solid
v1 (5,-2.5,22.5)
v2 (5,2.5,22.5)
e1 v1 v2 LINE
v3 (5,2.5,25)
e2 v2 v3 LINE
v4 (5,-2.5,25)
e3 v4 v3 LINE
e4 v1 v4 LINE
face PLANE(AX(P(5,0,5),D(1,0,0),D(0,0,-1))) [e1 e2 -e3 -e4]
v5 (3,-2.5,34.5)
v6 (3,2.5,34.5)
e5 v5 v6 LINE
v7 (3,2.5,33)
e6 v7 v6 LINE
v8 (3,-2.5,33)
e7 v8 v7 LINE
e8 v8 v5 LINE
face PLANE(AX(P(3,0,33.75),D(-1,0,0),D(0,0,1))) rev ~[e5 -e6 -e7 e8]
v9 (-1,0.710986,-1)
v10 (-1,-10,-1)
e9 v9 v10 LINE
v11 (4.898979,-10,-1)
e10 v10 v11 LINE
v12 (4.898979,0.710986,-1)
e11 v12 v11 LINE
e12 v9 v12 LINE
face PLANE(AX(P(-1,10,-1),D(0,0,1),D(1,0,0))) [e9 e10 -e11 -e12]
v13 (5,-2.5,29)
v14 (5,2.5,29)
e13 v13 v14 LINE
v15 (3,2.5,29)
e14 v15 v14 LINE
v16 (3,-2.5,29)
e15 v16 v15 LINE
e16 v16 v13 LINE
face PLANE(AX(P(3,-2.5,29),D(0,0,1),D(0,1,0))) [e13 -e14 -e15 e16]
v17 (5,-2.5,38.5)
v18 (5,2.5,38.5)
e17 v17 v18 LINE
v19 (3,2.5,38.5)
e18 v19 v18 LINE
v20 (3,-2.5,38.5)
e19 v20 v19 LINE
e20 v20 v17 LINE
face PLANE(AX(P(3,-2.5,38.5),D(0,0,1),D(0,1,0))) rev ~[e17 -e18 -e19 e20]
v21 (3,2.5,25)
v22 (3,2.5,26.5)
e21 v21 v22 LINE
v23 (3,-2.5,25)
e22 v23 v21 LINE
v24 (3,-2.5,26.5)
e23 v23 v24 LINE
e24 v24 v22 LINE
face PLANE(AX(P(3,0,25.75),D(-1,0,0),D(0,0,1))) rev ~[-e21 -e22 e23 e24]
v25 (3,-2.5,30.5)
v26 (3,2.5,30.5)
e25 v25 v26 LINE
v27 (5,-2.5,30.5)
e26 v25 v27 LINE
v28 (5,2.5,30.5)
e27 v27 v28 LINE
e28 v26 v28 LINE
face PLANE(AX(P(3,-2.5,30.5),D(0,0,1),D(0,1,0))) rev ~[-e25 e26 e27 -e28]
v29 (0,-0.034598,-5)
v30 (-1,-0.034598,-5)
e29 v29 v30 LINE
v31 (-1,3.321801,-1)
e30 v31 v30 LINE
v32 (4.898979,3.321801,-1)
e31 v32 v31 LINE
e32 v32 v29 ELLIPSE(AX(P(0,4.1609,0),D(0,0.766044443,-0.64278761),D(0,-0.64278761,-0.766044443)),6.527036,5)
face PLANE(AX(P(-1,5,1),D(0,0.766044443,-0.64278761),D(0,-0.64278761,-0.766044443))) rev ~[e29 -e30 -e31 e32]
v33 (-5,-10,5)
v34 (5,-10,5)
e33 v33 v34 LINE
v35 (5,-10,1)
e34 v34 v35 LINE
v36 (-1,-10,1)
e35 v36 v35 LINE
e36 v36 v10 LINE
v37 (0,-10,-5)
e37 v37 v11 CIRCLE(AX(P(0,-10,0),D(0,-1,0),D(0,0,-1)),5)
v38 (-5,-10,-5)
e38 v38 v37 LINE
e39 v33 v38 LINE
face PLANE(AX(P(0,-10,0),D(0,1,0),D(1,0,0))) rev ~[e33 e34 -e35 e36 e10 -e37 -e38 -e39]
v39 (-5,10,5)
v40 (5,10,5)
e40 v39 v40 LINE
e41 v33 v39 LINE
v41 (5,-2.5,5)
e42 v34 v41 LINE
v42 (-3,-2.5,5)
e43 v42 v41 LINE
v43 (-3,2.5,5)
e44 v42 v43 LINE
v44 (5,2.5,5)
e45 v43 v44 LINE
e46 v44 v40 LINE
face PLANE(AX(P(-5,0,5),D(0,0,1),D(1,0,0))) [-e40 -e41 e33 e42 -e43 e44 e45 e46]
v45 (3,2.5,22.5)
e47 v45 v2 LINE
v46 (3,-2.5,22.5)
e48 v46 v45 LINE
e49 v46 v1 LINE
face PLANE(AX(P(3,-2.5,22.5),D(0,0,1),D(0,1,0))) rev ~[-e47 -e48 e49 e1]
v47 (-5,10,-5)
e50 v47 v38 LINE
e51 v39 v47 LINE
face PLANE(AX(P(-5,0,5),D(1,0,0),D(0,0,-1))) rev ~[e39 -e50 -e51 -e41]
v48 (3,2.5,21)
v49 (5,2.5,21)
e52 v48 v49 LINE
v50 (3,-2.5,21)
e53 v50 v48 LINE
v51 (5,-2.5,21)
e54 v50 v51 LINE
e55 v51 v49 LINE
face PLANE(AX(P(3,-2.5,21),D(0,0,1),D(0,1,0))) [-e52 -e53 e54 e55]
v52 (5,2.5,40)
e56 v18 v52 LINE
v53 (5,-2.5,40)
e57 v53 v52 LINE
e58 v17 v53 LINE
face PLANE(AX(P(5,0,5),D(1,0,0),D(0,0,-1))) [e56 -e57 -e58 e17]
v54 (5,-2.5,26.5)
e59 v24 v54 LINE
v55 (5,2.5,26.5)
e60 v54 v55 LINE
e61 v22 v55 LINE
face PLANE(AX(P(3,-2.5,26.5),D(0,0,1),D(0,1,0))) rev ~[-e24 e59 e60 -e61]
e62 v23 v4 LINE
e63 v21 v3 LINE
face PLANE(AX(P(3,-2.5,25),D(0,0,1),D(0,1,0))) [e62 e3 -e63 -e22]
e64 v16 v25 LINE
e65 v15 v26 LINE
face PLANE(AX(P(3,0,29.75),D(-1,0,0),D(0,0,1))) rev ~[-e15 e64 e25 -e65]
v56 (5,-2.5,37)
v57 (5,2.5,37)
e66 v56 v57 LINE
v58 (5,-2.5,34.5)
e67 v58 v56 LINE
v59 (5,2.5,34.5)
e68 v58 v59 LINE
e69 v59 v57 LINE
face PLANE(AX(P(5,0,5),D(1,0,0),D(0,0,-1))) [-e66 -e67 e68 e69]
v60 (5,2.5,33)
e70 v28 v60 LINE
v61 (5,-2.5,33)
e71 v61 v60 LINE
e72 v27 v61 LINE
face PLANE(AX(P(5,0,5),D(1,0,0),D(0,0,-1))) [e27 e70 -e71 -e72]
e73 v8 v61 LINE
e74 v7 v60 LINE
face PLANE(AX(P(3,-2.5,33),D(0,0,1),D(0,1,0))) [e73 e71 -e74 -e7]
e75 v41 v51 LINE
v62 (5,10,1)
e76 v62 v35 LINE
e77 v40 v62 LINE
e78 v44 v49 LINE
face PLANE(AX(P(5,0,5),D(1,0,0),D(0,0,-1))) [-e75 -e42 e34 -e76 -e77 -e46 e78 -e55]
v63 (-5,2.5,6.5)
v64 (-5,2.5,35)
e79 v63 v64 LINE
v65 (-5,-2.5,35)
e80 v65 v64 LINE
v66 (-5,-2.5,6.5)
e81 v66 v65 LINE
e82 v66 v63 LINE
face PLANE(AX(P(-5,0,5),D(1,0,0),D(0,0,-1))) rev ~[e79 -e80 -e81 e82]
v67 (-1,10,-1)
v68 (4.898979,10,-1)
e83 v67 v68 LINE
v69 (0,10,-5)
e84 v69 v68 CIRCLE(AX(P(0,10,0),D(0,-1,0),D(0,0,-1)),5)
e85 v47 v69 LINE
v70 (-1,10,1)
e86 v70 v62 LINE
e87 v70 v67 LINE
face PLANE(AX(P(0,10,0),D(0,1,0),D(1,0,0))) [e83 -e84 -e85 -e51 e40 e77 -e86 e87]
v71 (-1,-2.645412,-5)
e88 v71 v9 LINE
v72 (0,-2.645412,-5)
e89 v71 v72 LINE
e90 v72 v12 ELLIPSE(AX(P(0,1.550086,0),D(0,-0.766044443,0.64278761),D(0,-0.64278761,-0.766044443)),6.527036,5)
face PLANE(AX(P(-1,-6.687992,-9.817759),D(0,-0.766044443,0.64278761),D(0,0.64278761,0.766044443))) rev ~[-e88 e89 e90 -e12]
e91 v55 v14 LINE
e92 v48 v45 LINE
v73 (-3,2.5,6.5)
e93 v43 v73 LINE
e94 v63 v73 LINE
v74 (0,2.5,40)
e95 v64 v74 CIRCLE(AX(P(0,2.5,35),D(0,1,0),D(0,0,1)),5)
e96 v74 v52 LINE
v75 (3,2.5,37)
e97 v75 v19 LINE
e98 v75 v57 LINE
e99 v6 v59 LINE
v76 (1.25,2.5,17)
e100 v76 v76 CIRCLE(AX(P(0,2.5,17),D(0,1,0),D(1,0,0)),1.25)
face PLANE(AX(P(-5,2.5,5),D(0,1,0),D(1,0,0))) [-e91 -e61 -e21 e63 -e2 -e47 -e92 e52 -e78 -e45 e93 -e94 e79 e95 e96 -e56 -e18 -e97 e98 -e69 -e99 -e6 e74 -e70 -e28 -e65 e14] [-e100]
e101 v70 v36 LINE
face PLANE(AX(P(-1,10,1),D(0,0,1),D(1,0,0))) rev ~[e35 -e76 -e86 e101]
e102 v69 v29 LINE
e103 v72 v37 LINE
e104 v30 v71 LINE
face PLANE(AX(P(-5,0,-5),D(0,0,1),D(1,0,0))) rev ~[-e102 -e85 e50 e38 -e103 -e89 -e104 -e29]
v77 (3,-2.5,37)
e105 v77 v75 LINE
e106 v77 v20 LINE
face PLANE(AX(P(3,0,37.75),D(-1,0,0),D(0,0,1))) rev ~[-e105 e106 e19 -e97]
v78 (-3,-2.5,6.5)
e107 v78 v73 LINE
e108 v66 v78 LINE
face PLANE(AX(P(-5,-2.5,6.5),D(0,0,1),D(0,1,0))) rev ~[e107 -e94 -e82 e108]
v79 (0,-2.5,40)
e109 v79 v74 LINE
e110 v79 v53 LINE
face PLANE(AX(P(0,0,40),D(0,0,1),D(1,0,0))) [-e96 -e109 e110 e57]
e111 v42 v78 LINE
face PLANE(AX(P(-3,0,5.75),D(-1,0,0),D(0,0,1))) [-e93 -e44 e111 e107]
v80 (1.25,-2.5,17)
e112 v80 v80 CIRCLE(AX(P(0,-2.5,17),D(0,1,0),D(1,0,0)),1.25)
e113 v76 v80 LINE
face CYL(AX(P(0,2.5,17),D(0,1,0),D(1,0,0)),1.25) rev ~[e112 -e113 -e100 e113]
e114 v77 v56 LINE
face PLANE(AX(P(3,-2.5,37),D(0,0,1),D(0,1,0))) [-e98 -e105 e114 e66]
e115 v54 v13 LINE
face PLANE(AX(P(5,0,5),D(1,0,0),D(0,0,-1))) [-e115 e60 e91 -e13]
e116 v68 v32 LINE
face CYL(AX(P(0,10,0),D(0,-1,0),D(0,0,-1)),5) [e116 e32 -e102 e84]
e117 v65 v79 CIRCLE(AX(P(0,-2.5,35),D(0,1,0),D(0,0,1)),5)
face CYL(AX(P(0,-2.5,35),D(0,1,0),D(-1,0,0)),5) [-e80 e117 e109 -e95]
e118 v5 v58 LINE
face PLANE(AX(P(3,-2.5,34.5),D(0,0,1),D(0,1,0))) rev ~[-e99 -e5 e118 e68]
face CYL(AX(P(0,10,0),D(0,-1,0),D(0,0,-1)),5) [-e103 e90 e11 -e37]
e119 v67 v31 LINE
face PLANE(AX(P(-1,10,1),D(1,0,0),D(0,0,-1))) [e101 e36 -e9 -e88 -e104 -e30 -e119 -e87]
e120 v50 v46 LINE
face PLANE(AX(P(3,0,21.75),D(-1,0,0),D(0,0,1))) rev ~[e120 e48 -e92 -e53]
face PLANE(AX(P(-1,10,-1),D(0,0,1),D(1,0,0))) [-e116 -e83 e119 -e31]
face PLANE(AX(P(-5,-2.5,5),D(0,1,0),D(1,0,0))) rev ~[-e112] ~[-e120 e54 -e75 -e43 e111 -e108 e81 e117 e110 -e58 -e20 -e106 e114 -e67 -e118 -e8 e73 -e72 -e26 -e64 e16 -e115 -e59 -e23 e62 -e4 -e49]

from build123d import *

# Parameters (mm, degrees)
SKETCH1_W            = 10
SKETCH1_H            = 10
BOSS_EXTRUDE1_DEPTH  = 10
SKETCH2_W            = 10
SKETCH2_H            = 5
BOSS_EXTRUDE2_DEPTH  = 35
SKETCH3_R            = 1.25
CUT_EXTRUDE1_DEPTH   = 5
FILLET1_R            = 5
SKETCH4_W            = 6
SKETCH4_H            = 2
CUT_EXTRUDE2_DEPTH   = 20
SKETCH6_W            = 1.5
SKETCH6_H            = 5
CUT_EXTRUDE3_DEPTH   = 2
CUT_EXTRUDE4_DEPTH   = 10
LPATTERN1_COUNT      = 9
LPATTERN1_PITCH      = 4
LPATTERN1_COUNT_DIR2 = 2
LPATTERN1_PITCH_DIR2 = 8


with BuildPart() as part:
    # Sketch1 → Boss-Extrude1 (new body, symmetric)
    with BuildSketch(Plane(origin=(0, 0, 0), x_dir=(1, 0, 0), z_dir=(0, 1, 0))):
        Rectangle(SKETCH1_W, SKETCH1_H)
    extrude(amount=BOSS_EXTRUDE1_DEPTH, both=True)

    # Sketch2 → Boss-Extrude2 (add)
    with BuildSketch(Plane.XY.offset(5)):
        Rectangle(SKETCH2_W, SKETCH2_H)
    extrude(amount=BOSS_EXTRUDE2_DEPTH)

    # Sketch3 → Cut-Extrude1 (cut)
    with BuildSketch(Plane(origin=(0, 2.5, 0), x_dir=(1, 0, 0), z_dir=(0, 1, 0))):
        with Locations((0, -17)):
            Circle(SKETCH3_R)
    extrude(amount=-CUT_EXTRUDE1_DEPTH, mode=Mode.SUBTRACT)

    # Fillet1
    fillet1_edges = [part.edges().sort_by_distance(p)[0] for p in [
        (-5, 0, 40),
        (5, 0, -5),
    ]]
    fillet(fillet1_edges, radius=FILLET1_R)

    # Sketch4 → Cut-Extrude2 (cut)
    with BuildSketch(Plane(origin=(0, 10, 0), x_dir=(1, 0, 0), z_dir=(0, 1, 0))):
        with Locations((2, 0)):
            Rectangle(SKETCH4_W, SKETCH4_H)
    extrude(amount=-CUT_EXTRUDE2_DEPTH, mode=Mode.SUBTRACT)

    # Sketch6 → Cut-Extrude3 (cut)
    with BuildSketch(Plane.ZY.offset(5)):
        with Locations((5.75, 0)):
            Rectangle(SKETCH6_W, SKETCH6_H)
    cut_extrude3 = extrude(amount=-CUT_EXTRUDE3_DEPTH, mode=Mode.SUBTRACT)

    # Sketch7 → Cut-Extrude4 (cut)
    with BuildSketch(Plane(origin=(-1, 0, 0), x_dir=(0, 0, -1), z_dir=(1, 0, 0))):
        Polygon((-1, 5), (11.1033346, -5.155903599), (9.817759381, -6.687992485), (-1, 2.389185421), align=None)
    extrude(amount=CUT_EXTRUDE4_DEPTH, mode=Mode.SUBTRACT)

    # LPattern1: Cut-Extrude3 9 × 2, 12 skipped
    with Locations(*[(j * LPATTERN1_PITCH_DIR2, 0, i * LPATTERN1_PITCH) for i in range(LPATTERN1_COUNT) for j in range(LPATTERN1_COUNT_DIR2) if (i, j) not in ((0, 0), (0, 1), (1, 0), (1, 1), (2, 0), (2, 1), (3, 0), (3, 1), (4, 0), (5, 0), (6, 0), (7, 0), (8, 0))]):
        add(cut_extrude3, mode=Mode.SUBTRACT)


solid = part.part
